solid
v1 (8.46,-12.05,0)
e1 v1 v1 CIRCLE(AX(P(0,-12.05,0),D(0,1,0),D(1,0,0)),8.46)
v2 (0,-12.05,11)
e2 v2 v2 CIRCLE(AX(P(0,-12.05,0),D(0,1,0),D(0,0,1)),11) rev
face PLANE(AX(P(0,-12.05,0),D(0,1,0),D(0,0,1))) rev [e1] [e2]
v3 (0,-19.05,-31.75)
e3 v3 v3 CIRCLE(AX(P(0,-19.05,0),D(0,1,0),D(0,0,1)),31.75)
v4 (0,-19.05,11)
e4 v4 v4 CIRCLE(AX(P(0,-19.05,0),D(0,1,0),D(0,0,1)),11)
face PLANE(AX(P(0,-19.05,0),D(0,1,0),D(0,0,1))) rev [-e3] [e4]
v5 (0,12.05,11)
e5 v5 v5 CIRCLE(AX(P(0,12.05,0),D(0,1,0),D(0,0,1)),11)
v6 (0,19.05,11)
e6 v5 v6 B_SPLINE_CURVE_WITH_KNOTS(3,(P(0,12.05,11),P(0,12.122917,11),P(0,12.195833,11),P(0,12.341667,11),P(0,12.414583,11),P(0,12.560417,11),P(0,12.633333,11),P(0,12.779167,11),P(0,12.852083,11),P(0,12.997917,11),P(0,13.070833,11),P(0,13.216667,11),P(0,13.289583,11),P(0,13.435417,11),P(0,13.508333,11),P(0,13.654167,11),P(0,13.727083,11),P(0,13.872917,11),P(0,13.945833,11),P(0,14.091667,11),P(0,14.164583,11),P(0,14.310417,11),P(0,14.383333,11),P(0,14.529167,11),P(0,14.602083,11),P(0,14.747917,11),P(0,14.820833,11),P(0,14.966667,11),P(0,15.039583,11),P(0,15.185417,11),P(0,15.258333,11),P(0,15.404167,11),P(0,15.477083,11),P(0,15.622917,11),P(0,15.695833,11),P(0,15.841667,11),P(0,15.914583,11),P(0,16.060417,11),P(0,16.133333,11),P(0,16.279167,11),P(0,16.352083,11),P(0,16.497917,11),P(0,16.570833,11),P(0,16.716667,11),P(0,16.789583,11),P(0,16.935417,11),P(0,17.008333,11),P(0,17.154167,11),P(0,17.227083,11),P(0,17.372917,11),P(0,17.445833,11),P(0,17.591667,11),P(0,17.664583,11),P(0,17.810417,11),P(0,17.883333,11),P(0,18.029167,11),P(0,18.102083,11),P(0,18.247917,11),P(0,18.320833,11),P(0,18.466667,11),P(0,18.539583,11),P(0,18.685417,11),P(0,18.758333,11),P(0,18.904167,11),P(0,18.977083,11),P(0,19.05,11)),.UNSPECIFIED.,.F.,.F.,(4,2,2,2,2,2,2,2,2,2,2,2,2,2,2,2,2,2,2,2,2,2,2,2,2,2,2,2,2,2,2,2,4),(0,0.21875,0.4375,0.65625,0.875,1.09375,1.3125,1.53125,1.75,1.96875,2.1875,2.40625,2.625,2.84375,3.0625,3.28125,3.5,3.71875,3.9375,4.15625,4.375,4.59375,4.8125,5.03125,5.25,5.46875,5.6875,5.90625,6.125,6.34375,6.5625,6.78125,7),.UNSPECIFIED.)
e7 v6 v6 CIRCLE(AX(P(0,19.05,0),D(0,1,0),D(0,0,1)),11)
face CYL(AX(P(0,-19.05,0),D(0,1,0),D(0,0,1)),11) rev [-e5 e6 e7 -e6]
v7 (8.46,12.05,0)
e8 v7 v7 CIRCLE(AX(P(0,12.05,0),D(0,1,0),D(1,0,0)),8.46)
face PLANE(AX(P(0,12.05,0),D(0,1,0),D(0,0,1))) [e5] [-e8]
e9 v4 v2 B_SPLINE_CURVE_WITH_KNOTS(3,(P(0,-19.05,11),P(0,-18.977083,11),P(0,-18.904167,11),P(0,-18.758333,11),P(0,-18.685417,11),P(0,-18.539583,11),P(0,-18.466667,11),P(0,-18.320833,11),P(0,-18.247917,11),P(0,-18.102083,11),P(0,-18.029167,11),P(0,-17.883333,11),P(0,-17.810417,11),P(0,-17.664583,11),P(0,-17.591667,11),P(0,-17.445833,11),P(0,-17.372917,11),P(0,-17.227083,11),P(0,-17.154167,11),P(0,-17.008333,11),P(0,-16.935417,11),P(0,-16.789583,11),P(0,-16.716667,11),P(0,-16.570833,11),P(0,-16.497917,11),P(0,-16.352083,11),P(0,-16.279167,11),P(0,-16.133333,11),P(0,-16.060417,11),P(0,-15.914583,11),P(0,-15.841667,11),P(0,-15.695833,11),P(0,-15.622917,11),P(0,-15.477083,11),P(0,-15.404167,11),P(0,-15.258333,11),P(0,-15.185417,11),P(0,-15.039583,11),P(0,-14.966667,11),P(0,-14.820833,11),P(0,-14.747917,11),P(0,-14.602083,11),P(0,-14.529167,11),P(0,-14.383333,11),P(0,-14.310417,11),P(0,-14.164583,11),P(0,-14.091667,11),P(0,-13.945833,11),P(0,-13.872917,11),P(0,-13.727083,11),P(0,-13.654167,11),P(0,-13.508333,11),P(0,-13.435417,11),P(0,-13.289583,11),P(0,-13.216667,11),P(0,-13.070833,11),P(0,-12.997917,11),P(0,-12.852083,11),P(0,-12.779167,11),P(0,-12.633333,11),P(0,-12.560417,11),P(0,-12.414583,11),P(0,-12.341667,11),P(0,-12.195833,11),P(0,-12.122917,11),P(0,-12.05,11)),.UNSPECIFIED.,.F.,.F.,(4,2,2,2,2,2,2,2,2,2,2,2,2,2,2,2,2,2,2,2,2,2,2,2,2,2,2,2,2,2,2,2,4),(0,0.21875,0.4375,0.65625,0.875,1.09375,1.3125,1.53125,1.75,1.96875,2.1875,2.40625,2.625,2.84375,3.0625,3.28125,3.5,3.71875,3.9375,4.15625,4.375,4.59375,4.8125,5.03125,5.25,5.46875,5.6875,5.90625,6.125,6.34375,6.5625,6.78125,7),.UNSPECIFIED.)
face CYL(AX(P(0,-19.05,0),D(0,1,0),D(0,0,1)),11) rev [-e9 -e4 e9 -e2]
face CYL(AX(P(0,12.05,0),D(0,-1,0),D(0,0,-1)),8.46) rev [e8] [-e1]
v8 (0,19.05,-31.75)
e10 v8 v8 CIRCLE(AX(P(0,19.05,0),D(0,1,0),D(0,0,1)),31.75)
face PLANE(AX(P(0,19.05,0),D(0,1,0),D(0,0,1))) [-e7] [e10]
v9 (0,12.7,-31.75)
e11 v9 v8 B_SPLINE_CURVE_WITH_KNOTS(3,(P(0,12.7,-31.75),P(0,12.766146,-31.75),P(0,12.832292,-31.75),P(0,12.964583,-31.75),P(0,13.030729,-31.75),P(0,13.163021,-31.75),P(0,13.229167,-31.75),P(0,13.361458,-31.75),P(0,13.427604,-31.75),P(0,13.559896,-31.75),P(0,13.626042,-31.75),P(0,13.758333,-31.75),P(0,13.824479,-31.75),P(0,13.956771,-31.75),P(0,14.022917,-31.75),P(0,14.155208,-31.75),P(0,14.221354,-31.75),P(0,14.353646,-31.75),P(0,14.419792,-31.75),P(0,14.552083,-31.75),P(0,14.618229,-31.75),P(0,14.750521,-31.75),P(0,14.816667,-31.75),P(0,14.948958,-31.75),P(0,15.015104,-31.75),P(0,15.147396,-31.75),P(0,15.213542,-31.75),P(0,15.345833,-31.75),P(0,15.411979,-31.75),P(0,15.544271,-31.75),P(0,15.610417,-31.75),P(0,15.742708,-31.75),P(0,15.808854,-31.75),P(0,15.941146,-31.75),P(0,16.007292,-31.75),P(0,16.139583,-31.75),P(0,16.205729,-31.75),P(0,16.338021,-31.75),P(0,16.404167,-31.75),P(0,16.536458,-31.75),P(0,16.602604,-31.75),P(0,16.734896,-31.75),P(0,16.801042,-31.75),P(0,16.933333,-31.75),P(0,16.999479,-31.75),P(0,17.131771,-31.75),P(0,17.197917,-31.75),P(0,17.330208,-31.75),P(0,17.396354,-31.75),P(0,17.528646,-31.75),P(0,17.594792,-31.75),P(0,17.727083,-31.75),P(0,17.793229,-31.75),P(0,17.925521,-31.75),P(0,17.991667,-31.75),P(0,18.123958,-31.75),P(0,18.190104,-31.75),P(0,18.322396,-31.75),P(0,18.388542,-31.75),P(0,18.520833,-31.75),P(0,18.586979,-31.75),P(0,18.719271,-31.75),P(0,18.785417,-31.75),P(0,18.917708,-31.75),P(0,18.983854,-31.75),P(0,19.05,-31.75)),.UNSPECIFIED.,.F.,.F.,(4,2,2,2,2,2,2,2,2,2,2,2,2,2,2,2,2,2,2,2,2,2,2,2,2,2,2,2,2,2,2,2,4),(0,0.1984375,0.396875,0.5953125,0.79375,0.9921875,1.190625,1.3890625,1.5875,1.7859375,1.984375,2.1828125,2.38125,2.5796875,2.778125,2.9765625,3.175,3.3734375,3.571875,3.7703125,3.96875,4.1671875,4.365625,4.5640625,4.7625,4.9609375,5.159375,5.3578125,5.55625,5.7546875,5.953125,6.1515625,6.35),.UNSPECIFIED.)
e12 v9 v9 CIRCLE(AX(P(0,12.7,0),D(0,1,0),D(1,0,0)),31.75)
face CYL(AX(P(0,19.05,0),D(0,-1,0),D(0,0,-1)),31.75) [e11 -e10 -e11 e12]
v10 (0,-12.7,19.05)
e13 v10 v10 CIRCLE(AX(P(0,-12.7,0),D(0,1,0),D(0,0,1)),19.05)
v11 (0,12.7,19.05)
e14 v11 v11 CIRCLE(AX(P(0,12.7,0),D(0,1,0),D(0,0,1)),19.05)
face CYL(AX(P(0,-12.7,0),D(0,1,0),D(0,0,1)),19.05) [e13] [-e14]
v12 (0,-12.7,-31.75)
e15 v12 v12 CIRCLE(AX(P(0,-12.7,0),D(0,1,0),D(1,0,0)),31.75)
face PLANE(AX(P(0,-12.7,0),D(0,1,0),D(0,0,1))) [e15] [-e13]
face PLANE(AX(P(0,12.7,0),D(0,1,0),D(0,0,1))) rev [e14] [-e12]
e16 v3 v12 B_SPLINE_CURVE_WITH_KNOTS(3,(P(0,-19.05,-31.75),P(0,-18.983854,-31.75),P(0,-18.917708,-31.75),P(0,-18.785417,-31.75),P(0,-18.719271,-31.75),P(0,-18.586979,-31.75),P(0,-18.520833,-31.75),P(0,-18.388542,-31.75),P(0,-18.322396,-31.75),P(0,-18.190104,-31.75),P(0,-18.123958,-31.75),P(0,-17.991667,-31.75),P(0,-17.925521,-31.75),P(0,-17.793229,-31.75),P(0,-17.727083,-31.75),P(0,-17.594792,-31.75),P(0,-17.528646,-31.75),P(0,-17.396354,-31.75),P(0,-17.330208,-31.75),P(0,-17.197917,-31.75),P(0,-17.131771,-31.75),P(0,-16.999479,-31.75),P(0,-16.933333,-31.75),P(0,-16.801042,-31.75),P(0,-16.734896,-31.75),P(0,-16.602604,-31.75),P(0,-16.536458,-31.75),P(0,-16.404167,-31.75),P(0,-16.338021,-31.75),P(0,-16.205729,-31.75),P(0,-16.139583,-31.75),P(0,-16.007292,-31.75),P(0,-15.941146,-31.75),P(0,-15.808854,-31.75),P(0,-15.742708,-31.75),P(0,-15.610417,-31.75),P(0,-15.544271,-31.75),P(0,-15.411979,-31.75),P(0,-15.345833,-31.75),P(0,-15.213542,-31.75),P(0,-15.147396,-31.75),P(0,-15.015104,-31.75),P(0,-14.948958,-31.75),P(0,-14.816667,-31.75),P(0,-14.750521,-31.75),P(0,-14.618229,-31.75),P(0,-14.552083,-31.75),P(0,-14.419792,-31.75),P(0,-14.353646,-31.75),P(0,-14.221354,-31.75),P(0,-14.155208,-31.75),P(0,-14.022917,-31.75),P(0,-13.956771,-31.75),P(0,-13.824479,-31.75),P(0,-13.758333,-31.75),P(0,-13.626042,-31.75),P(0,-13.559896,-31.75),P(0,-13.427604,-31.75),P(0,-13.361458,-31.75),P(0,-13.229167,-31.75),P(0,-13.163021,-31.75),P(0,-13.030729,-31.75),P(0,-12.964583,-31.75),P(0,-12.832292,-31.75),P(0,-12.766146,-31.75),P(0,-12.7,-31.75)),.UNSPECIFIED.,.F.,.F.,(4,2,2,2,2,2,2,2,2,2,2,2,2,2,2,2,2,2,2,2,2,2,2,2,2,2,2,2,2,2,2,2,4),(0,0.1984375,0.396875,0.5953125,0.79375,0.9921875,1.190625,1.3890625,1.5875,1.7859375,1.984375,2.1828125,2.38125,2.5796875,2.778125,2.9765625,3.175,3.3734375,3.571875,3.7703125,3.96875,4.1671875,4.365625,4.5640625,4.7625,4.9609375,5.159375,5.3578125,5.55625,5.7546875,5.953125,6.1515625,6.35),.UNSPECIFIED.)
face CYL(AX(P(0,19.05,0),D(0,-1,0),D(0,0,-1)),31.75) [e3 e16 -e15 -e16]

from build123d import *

# Parameters (mm, degrees)
SKETCH1_R               = 31.75
BOSS_EXTRUDE1_DEPTH     = 19.05
SKETCH2_R               = 31.75
SKETCH2_R_2             = 19.05
CUT_EXTRUDE_THIN1_DEPTH = 12.7
CUT_EXTRUDE1_DEPTH      = 49.775275499
CUT_EXTRUDE1_DEPTH_BACK = 49.775275499
SKETCH3_R               = 11
SKETCH6_R               = 11
SKETCH6_R_2             = 8.46
EXTRUDE_THIN1_DEPTH     = 12.05


with BuildPart() as part:
    # Sketch1 → Boss-Extrude1 (new, symmetric)
    with BuildSketch(Plane(origin=(0, 0, 0), x_dir=(1, 0, 0), z_dir=(0, 1, 0))):
        Circle(SKETCH1_R)
    extrude(amount=BOSS_EXTRUDE1_DEPTH, both=True)

    # Sketch2 → Cut-Extrude-Thin1 (cut, symmetric)
    with BuildSketch(Plane(origin=(0, 0, 0), x_dir=(1, 0, 0), z_dir=(0, 1, 0))):
        Circle(SKETCH2_R)
        Circle(SKETCH2_R_2, mode=Mode.SUBTRACT)
    extrude(amount=CUT_EXTRUDE_THIN1_DEPTH, both=True, mode=Mode.SUBTRACT)

    # Sketch3 → Cut-Extrude1 (cut, two sides: drawn at the far end of the back side and taken through both)
    with BuildSketch(Plane(origin=(0, 0, 0), x_dir=(1, 0, 0), z_dir=(0, 1, 0)).offset(-CUT_EXTRUDE1_DEPTH_BACK)):
        Circle(SKETCH3_R)
    extrude(amount=CUT_EXTRUDE1_DEPTH + CUT_EXTRUDE1_DEPTH_BACK, mode=Mode.SUBTRACT)

    # Sketch6 → Extrude-Thin1 (add, symmetric)
    with BuildSketch(Plane(origin=(0, 0, 0), x_dir=(1, 0, 0), z_dir=(0, 1, 0))):
        Circle(SKETCH6_R)
        Circle(SKETCH6_R_2, mode=Mode.SUBTRACT)
    extrude(amount=EXTRUDE_THIN1_DEPTH, both=True)


solid = part.part
